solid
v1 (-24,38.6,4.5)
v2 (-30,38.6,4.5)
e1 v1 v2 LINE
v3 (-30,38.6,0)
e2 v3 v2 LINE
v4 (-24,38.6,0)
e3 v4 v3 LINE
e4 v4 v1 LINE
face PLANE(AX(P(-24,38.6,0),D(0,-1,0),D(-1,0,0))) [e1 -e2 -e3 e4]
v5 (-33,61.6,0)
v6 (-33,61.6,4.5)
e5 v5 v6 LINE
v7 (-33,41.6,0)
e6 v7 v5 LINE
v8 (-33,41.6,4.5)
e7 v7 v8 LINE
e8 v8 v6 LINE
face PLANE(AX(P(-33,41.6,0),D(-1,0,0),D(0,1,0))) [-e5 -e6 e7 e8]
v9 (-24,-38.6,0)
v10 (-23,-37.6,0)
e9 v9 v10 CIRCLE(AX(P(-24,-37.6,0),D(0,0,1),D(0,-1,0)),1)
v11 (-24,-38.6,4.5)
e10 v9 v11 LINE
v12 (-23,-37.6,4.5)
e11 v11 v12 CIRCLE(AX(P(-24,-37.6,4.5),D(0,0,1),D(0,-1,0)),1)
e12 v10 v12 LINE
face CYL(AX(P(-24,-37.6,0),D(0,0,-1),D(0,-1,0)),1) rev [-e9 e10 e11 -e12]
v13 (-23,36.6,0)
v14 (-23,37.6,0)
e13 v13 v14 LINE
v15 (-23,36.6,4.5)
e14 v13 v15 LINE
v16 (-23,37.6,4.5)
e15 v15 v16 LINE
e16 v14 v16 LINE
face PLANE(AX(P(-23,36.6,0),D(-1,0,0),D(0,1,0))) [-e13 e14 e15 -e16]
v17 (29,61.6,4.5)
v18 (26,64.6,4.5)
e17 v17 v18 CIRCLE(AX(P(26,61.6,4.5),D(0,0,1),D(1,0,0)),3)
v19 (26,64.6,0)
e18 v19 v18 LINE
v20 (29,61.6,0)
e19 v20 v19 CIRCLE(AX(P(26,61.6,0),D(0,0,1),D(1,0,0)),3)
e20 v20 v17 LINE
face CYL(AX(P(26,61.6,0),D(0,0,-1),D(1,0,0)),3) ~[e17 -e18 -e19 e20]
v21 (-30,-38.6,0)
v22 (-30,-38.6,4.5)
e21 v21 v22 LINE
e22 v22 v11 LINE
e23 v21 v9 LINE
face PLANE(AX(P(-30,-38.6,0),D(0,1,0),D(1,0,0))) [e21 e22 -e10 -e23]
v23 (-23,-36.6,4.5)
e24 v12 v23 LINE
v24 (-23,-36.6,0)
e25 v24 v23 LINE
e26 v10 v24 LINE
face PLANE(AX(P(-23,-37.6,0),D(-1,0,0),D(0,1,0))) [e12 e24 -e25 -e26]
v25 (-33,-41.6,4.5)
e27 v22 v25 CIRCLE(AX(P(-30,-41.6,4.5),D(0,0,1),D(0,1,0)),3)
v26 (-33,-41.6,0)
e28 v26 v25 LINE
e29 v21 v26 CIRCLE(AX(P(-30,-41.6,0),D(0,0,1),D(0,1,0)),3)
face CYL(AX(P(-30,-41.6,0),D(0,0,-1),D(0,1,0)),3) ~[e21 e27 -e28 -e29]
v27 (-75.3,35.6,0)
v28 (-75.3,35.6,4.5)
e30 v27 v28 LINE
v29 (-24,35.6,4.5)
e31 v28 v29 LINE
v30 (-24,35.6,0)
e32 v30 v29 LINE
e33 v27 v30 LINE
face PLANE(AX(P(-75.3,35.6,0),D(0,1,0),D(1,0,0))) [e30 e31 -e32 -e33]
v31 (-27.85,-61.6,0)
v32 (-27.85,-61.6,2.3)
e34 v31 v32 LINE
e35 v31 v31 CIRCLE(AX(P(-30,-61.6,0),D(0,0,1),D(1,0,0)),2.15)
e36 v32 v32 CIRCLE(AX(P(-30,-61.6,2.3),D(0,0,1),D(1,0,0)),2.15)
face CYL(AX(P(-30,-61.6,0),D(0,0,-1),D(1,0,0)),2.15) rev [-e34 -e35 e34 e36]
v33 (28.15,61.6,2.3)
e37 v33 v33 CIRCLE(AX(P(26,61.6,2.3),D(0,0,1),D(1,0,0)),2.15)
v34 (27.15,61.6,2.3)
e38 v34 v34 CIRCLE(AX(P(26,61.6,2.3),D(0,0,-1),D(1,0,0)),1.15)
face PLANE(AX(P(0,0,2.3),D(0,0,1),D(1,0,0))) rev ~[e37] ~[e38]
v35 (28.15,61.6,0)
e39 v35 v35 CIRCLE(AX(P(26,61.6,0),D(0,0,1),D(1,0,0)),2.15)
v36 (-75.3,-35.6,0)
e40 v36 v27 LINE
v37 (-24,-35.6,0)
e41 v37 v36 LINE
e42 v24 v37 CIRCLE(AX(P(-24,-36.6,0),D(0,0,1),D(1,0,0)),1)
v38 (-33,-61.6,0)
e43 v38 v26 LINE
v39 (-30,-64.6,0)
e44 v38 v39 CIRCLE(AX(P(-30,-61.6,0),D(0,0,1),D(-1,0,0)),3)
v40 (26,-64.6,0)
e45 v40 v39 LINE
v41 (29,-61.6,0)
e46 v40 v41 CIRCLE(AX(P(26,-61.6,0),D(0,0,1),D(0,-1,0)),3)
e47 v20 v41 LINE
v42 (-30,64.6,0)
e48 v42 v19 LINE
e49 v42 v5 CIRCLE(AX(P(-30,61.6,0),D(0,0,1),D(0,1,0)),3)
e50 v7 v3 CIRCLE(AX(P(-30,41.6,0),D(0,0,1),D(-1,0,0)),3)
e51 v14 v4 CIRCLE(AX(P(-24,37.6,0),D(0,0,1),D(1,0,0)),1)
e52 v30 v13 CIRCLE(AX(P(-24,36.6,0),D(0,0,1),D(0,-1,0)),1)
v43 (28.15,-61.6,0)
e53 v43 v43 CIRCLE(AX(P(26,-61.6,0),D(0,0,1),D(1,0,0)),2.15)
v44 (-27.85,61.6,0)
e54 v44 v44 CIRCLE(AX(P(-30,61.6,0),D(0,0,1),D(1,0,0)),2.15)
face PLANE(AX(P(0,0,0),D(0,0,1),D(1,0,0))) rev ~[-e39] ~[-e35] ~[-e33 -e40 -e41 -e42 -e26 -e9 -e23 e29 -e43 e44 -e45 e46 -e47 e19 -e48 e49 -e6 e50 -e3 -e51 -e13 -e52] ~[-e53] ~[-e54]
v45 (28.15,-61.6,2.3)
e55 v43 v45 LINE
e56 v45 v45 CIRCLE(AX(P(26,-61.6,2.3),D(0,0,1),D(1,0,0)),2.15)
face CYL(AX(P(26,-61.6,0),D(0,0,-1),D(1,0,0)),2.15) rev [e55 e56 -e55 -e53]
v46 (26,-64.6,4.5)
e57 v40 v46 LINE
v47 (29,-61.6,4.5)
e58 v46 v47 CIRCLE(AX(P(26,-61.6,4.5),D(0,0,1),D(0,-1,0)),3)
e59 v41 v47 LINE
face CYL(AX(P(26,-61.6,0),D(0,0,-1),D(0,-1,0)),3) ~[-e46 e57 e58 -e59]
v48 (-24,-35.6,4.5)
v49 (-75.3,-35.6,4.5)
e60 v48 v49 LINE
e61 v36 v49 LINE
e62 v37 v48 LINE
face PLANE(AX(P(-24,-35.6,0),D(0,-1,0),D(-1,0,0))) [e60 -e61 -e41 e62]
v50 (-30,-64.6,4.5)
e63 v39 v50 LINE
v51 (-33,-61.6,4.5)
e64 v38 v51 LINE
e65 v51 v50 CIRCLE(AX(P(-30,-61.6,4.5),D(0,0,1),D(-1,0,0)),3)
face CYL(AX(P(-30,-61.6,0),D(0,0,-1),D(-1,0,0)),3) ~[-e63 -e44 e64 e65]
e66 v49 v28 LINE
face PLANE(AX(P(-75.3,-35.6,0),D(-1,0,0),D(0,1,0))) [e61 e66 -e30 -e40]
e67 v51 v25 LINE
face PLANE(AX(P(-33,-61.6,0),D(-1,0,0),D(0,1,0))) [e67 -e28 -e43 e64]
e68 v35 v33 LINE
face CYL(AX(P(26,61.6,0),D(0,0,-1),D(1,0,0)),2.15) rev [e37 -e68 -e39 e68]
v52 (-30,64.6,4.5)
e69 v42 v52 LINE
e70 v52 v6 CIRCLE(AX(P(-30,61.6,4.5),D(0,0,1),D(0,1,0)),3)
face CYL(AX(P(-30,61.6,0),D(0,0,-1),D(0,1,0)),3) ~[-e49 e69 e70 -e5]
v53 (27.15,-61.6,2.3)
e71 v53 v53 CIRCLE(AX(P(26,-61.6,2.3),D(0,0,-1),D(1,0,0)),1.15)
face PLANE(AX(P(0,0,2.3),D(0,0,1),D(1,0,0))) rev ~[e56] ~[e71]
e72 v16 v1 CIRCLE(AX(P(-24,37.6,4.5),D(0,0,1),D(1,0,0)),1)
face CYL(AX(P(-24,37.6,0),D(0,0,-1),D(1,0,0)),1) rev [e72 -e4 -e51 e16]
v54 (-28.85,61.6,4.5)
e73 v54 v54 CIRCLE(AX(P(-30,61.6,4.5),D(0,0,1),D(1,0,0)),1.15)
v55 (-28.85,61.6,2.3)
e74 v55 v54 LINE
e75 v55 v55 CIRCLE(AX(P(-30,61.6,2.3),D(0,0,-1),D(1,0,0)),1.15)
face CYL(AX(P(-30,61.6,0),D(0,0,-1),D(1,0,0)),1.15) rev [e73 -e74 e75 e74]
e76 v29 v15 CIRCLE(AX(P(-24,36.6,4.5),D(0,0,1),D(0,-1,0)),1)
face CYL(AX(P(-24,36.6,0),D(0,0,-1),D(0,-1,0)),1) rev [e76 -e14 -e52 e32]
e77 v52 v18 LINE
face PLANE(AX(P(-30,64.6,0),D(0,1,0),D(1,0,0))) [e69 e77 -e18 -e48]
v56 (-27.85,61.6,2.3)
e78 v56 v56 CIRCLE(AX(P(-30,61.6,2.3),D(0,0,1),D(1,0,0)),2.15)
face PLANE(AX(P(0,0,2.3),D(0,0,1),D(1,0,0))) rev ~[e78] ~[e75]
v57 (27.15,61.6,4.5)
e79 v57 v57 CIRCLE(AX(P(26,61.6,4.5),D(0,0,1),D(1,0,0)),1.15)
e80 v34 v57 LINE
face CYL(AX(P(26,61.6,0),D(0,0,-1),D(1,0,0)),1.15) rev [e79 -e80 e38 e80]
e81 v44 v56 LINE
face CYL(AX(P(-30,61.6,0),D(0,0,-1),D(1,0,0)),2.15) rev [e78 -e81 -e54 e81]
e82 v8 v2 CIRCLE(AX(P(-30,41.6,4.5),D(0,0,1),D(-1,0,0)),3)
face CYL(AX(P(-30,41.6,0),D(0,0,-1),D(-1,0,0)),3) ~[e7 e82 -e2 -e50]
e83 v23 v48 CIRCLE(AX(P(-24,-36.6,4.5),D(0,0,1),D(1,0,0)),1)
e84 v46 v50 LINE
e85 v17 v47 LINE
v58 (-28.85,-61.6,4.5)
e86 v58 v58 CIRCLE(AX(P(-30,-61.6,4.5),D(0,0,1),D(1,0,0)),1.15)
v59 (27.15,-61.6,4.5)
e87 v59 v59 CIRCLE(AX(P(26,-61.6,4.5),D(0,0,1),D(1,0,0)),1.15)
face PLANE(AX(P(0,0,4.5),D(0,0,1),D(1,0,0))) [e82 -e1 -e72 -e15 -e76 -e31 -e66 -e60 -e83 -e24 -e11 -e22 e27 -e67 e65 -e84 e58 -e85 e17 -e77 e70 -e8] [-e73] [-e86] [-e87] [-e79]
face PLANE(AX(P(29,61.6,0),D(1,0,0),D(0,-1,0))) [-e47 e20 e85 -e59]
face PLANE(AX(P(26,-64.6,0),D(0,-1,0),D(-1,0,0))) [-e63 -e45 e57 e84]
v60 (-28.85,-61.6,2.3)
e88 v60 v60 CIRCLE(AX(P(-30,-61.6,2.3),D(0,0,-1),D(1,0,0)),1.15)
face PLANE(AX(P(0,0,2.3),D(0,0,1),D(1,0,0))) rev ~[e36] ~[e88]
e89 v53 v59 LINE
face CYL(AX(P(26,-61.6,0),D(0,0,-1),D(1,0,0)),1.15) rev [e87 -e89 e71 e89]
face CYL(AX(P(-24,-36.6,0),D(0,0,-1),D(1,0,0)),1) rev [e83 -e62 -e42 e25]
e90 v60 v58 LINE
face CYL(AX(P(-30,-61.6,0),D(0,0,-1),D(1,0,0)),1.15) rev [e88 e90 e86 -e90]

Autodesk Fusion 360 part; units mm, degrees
sketch "Exact underside rim - R3 desk, R1 shoulders, square chair" plane through (0, 0, 0) normal (0, 0, 1) x (1, 0, 0)
  line L0 (-75.3, 35.6) -> (-24, 35.6)
  arc A0 (-24, 35.6) -> (-23, 36.6) centre (-24, 36.6) ccw
  line L1 (-23, 36.6) -> (-23, 37.6)
  arc A1 (-23, 37.6) -> (-24, 38.6) centre (-24, 37.6) ccw
  line L2 (-24, 38.6) -> (-30, 38.6)
  arc A2 (-33, 41.6) -> (-30, 38.6) centre (-30, 41.6) ccw
  line L3 (-33, 41.6) -> (-33, 61.6)
  arc A3 (-30, 64.6) -> (-33, 61.6) centre (-30, 61.6) ccw
  line L4 (-30, 64.6) -> (26, 64.6)
  arc A4 (29, 61.6) -> (26, 64.6) centre (26, 61.6) ccw
  line L5 (29, 61.6) -> (29, -61.6)
  arc A5 (26, -64.6) -> (29, -61.6) centre (26, -61.6) ccw
  line L6 (26, -64.6) -> (-30, -64.6)
  arc A6 (-33, -61.6) -> (-30, -64.6) centre (-30, -61.6) ccw
  line L7 (-33, -61.6) -> (-33, -41.6)
  arc A7 (-30, -38.6) -> (-33, -41.6) centre (-30, -41.6) ccw
  line L8 (-30, -38.6) -> (-24, -38.6)
  arc A8 (-24, -38.6) -> (-23, -37.6) centre (-24, -37.6) ccw
  line L9 (-23, -37.6) -> (-23, -36.6)
  arc A9 (-23, -36.6) -> (-24, -35.6) centre (-24, -36.6) ccw
  line L10 (-24, -35.6) -> (-75.3, -35.6)
  line L11 (-75.3, -35.6) -> (-75.3, 35.6)
extrude "Plate - exact flush rim and flat floor" add sketch "Exact underside rim - R3 desk, R1 shoulders, square chair" along normal blind 4.5
sketch "M2 through holes" plane through (0, 0, 0) normal (0, 0, 1) x (1, 0, 0)
  circle A0 centre (-30, -61.6) radius 1.15
  circle A1 centre (26, -61.6) radius 1.15
  circle A2 centre (-30, 61.6) radius 1.15
  circle A3 centre (26, 61.6) radius 1.15
  dimension "d8" = 2.3
  dimension "d9" = 2.3
  dimension "d10" = 2.3
  dimension "d11" = 2.3
extrude "M2 through holes (1)" cut sketch "M2 through holes" along normal blind 4.5
sketch "Recessed M2 heads on floor side" plane through (0, 0, 0) normal (0, 0, 1) x (1, 0, 0)
  circle A0 centre (-30, -61.6) radius 2.15
  circle A1 centre (26, -61.6) radius 2.15
  circle A2 centre (-30, 61.6) radius 2.15
  circle A3 centre (26, 61.6) radius 2.15
  dimension "d14" = 4.3
  dimension "d15" = 4.3
  dimension "d16" = 4.3
  dimension "d17" = 4.3
extrude "Recessed M2 heads on floor side (1)" cut sketch "Recessed M2 heads on floor side" along normal blind 2.3
equation "plate_thickness = 4.5 mm" comment "Overall plate thickness"
equation "clearance = 0.3 mm" comment "Original robot CAD clearance"
equation "screw_diameter = 2 mm" comment "M2 nominal shaft diameter"
equation "screw_head_diameter = 4 mm" comment "Original CAD head envelope"
equation "screw_head_height = 2 mm" comment "Original CAD head height envelope"
equation "d6 = plate_thickness"
equation "d8 = screw_diameter + clearance"
equation "d9 = screw_diameter + clearance"
equation "d10 = screw_diameter + clearance"
equation "d11 = screw_diameter + clearance"
equation "d12 = plate_thickness"
equation "d14 = screw_head_diameter + clearance"
equation "d15 = screw_head_diameter + clearance"
equation "d16 = screw_head_diameter + clearance"
equation "d17 = screw_head_diameter + clearance"
equation "d18 = screw_head_height + clearance"
